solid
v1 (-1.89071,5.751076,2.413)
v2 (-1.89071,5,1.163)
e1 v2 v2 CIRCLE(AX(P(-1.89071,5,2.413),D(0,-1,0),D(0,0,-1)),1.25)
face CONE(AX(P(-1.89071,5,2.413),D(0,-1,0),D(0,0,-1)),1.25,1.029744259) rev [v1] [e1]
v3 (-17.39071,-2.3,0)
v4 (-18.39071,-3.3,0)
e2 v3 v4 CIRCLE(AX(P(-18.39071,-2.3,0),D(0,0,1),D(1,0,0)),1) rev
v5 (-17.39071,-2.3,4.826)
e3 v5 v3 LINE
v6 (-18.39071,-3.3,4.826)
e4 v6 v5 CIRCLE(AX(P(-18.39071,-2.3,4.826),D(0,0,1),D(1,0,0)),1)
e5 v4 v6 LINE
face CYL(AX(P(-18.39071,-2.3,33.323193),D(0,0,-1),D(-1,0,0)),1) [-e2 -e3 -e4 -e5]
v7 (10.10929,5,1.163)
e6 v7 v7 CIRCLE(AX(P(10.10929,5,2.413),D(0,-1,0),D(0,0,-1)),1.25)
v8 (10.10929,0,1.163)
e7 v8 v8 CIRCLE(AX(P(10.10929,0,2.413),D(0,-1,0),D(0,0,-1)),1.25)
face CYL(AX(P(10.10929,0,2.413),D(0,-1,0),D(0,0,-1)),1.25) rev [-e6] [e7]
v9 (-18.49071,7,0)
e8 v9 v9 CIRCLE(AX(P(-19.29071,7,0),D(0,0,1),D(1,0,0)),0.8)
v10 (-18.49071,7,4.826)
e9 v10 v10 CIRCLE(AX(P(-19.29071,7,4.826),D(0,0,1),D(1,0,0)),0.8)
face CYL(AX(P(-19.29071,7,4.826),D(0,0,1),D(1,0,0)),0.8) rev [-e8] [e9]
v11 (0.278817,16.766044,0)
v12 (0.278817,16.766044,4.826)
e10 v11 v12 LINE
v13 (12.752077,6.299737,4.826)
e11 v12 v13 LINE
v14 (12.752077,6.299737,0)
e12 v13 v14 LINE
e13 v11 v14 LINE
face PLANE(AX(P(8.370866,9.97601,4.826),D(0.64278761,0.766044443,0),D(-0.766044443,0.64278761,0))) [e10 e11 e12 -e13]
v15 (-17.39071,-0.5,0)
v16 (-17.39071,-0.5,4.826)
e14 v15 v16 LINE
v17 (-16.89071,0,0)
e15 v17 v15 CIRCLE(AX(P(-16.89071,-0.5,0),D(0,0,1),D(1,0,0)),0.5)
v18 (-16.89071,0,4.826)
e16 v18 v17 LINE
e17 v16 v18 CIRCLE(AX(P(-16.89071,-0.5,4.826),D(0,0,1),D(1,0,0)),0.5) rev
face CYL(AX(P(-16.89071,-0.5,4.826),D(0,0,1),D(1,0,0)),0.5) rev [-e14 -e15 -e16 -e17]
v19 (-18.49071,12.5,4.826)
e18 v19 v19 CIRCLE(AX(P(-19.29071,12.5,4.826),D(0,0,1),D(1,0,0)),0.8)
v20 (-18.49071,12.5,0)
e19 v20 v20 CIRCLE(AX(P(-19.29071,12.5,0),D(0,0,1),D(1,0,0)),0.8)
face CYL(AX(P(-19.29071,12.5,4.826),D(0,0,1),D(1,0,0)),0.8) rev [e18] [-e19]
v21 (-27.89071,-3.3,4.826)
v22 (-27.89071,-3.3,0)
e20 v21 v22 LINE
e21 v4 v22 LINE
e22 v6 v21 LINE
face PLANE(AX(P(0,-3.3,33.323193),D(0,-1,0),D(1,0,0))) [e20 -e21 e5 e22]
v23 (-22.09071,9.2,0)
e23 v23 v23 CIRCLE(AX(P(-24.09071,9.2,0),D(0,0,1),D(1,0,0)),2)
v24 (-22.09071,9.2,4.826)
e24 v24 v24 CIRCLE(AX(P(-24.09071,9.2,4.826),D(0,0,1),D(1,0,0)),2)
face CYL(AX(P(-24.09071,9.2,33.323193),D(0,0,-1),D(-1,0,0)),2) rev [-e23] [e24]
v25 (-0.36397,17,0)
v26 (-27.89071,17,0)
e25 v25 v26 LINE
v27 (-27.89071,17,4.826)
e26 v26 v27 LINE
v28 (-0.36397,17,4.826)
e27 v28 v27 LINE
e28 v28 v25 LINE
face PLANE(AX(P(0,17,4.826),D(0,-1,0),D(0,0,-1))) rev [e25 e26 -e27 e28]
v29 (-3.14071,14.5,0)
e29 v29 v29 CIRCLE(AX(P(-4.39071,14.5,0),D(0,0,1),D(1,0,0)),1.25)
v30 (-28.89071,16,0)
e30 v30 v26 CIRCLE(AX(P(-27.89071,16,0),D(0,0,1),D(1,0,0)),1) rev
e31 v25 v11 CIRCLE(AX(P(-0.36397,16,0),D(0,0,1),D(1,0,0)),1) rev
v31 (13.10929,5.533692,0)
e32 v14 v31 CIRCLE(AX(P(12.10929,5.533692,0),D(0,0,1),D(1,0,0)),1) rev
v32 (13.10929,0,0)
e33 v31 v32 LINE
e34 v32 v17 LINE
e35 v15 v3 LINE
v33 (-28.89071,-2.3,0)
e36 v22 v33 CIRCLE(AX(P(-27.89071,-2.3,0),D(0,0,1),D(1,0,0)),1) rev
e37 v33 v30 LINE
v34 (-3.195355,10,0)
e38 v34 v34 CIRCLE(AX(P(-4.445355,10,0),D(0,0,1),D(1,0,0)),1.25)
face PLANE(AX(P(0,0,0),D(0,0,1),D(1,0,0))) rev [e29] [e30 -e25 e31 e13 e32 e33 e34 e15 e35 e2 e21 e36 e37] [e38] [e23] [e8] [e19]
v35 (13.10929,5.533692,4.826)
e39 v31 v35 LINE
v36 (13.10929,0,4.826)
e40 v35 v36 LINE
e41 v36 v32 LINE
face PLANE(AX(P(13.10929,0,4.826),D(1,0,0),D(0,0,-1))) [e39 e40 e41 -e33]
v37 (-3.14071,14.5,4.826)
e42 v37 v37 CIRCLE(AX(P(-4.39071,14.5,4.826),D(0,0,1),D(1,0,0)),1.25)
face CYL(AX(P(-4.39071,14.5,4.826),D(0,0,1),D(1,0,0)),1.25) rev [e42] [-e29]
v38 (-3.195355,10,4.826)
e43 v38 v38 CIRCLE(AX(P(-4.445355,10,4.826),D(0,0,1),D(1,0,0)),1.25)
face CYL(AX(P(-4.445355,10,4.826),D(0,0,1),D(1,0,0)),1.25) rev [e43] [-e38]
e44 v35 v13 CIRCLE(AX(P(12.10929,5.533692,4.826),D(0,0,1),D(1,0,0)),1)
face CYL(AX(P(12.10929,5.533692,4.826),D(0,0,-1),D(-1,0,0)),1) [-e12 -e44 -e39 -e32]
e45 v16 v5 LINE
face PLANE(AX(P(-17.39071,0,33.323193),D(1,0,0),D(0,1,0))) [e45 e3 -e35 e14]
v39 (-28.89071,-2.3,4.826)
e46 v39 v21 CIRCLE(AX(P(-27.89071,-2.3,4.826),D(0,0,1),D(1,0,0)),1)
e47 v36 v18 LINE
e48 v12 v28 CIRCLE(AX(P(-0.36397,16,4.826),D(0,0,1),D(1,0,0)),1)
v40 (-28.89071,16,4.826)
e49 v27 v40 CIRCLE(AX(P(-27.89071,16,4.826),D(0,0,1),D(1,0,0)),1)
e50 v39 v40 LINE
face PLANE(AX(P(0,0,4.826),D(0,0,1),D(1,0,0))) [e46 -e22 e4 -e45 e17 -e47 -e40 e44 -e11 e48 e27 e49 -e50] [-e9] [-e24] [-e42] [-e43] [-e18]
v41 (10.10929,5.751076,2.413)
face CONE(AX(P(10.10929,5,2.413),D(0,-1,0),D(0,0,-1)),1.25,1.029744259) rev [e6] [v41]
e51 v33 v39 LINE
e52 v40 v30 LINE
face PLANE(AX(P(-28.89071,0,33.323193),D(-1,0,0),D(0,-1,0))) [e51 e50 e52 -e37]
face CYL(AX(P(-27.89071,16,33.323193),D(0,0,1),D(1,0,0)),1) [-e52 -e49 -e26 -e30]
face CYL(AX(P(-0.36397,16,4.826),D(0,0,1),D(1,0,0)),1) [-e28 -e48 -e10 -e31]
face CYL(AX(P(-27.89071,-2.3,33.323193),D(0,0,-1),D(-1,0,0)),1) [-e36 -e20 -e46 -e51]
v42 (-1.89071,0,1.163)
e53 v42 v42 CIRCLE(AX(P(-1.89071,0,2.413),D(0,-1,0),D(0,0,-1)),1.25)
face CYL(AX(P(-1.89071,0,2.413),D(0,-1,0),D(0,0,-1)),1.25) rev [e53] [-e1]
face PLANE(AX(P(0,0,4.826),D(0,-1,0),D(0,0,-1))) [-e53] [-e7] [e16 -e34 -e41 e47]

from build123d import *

# Parameters (mm, degrees)
BOSS_EXTRUDE1_DEPTH             = 4.826
M3X0_5_TAPPED_HOLE1_D           = 2.5
TAP_DRILL_FOR_M3X0_5_TAP1_D     = 2.5
TAP_DRILL_FOR_M3X0_5_TAP1_DEPTH = 5
TAP_DRILL_FOR_M3X0_5_TAP1_TIP   = 0.751075774
SKETCH1_3_R                     = 2
BOSS_EXTRUDE2_DEPTH             = 4.826
M3X0_5_TAPPED_HOLE2_D           = 2.5
FILLET1_R                       = 1
M2_TAPPED_HOLES_D               = 1.6
FILLET2_R                       = 0.5


with BuildPart() as part:
    # Sketch1 → Boss-Extrude1 (new body)
    with BuildSketch(Plane.XY):
        Polygon((13.109289519, 0), (0, 0), (-8.890710481, 0), (-8.890710481, 17), (0, 17), (13.109289519, 6), align=None)
    extrude(amount=BOSS_EXTRUDE1_DEPTH)

    # M3x0.5 Tapped Hole1 (through all)
    with Locations(Plane.XY.offset(4.826)):
        with Locations((-4.445355241, 10)):
            Hole(M3X0_5_TAPPED_HOLE1_D / 2)

    # Tap Drill for M3x0.5 Tap1
    with Locations(Plane(origin=(-1.890710481, 0, 2.413), x_dir=(0, 0, -1), z_dir=(0, -1, 0))):
        with Locations((0, 0), (0, 12)):
            Hole(TAP_DRILL_FOR_M3X0_5_TAP1_D / 2, depth=TAP_DRILL_FOR_M3X0_5_TAP1_DEPTH)
            with Locations((0, 0, -(TAP_DRILL_FOR_M3X0_5_TAP1_DEPTH + TAP_DRILL_FOR_M3X0_5_TAP1_TIP / 2))):  # 118° drill point
                Cone(0, TAP_DRILL_FOR_M3X0_5_TAP1_D / 2, TAP_DRILL_FOR_M3X0_5_TAP1_TIP, mode=Mode.SUBTRACT)

    # Sketch1<3> → Boss-Extrude2 (add)
    with BuildSketch(Plane.XY):
        Polygon((-17.390710481, 0), (-8.890710481, 0), (-8.890710481, 17), (-17.390710481, 17), (-28.890710481, 17), (-28.890710481, -3.3), (-17.390710481, -3.3), align=None)
        with Locations((-24.090710481, 9.2)):
            Circle(SKETCH1_3_R, mode=Mode.SUBTRACT)
    extrude(amount=BOSS_EXTRUDE2_DEPTH)

    # M3x0.5 Tapped Hole2 (through all)
    with Locations(Plane.XY.offset(4.826)):
        with Locations((-4.390710481, 14.5)):
            Hole(M3X0_5_TAPPED_HOLE2_D / 2)

    # Fillet1
    fillet1_edges = [part.edges().sort_by_distance(p)[0] for p in [
        (0, 17, 2.413),
        (13.109289519, 6, 2.413),
        (-28.890710481, 17, 2.413),
        (-28.890710481, -3.3, 2.413),
        (-17.390710481, -3.3, 2.413),
    ]]
    fillet(fillet1_edges, radius=FILLET1_R)

    # M2 Tapped Holes (through all)
    with Locations(Plane.XY.offset(4.826)):
        with Locations((-19.290710481, 12.5), (-19.290710481, 7)):
            Hole(M2_TAPPED_HOLES_D / 2)

    # Fillet2
    fillet2_edges = [part.edges().sort_by_distance(p)[0] for p in [
        (-17.390710481, 0, 2.413),
    ]]
    fillet(fillet2_edges, radius=FILLET2_R)


solid = part.part
